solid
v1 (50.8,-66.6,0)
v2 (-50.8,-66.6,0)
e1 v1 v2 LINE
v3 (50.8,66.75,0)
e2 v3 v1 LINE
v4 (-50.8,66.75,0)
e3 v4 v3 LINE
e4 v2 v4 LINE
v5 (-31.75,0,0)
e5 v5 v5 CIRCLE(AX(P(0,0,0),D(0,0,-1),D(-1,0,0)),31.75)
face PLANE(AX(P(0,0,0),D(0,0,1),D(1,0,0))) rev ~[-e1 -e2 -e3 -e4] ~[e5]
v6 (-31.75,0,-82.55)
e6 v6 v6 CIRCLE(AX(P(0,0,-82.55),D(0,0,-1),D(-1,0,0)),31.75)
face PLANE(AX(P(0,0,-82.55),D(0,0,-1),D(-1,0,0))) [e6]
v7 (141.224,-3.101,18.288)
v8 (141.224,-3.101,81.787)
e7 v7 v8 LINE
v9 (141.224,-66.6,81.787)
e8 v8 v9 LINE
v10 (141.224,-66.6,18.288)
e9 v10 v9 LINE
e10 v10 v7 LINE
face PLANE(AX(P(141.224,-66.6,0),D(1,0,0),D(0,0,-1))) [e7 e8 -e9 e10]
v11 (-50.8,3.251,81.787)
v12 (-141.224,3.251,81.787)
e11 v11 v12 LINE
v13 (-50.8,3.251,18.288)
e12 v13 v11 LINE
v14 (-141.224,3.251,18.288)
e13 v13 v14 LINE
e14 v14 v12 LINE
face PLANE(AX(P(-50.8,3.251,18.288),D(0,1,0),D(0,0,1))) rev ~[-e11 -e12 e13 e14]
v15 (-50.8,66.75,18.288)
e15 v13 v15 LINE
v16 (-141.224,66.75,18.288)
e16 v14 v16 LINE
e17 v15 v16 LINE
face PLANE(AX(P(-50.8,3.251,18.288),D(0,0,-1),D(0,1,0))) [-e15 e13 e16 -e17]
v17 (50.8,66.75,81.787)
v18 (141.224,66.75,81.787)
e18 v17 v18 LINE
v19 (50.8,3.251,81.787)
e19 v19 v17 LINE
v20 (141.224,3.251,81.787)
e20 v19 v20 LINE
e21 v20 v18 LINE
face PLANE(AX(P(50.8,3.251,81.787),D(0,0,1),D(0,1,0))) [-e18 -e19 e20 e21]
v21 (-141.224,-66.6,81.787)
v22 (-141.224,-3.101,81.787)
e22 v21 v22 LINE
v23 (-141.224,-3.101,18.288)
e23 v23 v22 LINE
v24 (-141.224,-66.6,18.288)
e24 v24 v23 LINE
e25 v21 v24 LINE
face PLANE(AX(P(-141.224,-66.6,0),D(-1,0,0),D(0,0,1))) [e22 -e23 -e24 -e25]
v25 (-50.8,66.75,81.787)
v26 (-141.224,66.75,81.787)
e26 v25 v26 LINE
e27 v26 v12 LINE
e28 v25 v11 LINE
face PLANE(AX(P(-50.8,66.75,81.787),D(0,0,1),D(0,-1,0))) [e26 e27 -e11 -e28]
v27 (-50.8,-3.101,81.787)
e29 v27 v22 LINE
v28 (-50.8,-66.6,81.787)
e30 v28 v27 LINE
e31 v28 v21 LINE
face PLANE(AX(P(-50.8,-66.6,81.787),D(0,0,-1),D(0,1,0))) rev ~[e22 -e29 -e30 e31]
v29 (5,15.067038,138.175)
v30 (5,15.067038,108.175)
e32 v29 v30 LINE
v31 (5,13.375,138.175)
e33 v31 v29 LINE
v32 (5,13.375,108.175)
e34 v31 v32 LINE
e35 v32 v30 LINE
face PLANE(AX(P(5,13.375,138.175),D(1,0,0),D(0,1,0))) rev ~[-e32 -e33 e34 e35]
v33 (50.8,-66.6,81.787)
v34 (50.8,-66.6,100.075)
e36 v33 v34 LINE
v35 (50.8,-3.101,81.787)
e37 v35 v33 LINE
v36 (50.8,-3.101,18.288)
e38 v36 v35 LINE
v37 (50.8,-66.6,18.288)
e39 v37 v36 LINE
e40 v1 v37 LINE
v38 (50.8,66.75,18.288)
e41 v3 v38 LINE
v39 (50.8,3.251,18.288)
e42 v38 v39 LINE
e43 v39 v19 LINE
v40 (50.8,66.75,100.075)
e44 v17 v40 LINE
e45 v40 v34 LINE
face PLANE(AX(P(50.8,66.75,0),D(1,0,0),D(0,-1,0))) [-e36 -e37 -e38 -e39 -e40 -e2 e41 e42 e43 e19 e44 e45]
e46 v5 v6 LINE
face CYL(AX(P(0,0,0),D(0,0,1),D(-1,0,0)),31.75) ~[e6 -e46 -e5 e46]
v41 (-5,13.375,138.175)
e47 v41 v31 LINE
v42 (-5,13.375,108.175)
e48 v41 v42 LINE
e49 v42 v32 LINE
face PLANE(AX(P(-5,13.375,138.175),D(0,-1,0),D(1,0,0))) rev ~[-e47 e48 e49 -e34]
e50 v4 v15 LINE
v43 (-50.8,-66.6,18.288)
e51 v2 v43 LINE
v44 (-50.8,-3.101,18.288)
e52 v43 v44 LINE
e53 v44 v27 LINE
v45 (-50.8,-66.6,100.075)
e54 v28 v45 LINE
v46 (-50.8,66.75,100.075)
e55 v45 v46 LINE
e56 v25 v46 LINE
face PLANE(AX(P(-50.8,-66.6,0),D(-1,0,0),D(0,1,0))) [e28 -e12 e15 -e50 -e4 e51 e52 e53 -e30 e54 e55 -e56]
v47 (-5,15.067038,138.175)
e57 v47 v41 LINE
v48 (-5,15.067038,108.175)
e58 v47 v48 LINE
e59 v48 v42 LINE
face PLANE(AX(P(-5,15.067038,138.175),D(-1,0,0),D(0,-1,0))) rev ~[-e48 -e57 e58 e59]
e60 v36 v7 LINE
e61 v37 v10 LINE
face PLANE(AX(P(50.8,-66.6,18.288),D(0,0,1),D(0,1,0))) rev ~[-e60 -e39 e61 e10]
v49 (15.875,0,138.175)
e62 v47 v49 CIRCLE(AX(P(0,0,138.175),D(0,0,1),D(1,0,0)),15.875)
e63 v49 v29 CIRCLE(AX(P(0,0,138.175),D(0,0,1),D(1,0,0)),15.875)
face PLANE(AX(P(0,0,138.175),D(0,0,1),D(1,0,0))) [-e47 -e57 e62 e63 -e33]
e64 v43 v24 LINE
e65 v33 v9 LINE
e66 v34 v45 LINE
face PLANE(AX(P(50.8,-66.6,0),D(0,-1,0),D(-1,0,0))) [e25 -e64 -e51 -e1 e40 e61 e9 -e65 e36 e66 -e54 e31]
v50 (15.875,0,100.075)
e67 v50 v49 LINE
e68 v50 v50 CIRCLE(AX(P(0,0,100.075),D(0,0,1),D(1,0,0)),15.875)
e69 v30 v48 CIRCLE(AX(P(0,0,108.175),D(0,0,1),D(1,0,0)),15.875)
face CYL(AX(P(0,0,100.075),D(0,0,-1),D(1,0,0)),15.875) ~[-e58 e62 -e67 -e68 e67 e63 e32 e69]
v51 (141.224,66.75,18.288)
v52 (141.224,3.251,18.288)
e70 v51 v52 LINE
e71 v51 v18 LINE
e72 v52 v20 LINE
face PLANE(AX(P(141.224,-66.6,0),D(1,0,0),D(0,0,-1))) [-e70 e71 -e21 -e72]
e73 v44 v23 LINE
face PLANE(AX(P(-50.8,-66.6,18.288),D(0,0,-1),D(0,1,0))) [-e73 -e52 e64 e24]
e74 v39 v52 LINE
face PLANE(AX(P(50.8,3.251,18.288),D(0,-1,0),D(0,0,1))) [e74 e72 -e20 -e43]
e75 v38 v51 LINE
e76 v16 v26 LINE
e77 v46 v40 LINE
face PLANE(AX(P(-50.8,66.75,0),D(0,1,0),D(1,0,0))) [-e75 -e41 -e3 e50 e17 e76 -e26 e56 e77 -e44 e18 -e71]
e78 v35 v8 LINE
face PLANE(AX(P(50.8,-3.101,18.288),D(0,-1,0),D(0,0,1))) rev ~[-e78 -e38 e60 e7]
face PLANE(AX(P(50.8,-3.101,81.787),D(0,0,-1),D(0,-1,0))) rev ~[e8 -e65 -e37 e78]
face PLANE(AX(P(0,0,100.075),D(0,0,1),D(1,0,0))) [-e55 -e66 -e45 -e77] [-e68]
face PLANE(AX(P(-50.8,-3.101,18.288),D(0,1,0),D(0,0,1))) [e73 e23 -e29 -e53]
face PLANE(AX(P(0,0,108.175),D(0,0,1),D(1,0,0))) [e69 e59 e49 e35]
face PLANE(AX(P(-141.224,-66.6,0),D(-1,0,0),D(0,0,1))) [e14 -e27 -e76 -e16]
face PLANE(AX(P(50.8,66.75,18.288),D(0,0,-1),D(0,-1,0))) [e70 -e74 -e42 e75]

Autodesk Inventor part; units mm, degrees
ref_plane "YZ Plane" through (0, 0, 0) normal (1, 0, 0) x (0, 1, 0)
ref_plane "XZ Plane" through (0, 0, 0) normal (0, 1, 0) x (-1, 0, 0)
ref_plane "XY Plane" through (0, 0, 0) normal (0, 0, 1) x (1, 0, 0)
sketch "Sketch1" plane through (0, 0, 0) normal (0, 0, 1) x (1, 0, 0)
  line L0 (-50.8, 66.75) -> (50.8, 66.75)
  line L1 (50.8, 66.75) -> (50.8, -66.6)
  line L2 (50.8, -66.6) -> (-50.8, -66.6)
  line L3 (-50.8, -66.6) -> (-50.8, 66.75)
  point P0 (0, 0)
  dimension "d1" = 101.6
  dimension "d2" = 133.35
  dimension "d3" = 66.75
  dimension "d4" = 50.8
extrude "Extrusion1" add sketch "Sketch1" along normal blind 100.075
sketch "Sketch2" plane through (0, 0, 100.075) normal (0, 0, 1) x (1, 0, 0)
  circle A0 centre (0, 0) radius 15.875
  dimension "d7" = 31.75
extrude "Extrusion2" add sketch "Sketch2" along normal blind 38.1
sketch "Sketch3" plane through (0, 0, 0) normal (0, 0, -1) x (-1, 0, 0)
  circle A0 centre (0, 0) radius 31.75
  dimension "d10" = 63.5
extrude "Extrusion3" add sketch "Sketch3" along normal blind 82.55
sketch "Sketch4" plane through (50.8, -66.6, 0) normal (1, 0, 0) x (0, 0, -1)
  line L0 (0, 133.35) -> (-100.075, 133.35) projected
  line L1 (-81.787, 133.35) -> (-18.288, 133.35)
  line L2 (-18.288, 133.35) -> (-18.288, 69.851)
  line L3 (-18.288, 69.851) -> (-81.787, 69.851)
  line L4 (-81.787, 69.851) -> (-81.787, 133.35)
  line L5 (0, 133.35) -> (0, 0) projected
  line L6 (-100.075, 0) -> (-100.075, 133.35) projected
  line L7 (0, 0) -> (-100.075, 0) projected
  line L8 (-81.787, 0) -> (-18.288, 0)
  line L9 (-18.288, 0) -> (-18.288, 63.499)
  line L10 (-18.288, 63.499) -> (-81.787, 63.499)
  line L11 (-81.787, 63.499) -> (-81.787, 0)
  point P0 (0, 66.6)
  dimension "d13" = 18.288
  dimension "d14" = 18.288
  dimension "d15" = 63.499
  dimension "d16" = 63.499
  dimension "d17" = 63.499
extrude "Extrusion4" add sketch "Sketch4" along normal blind 90.424 contours L2 L3 L4 L0 | L7 L11 L10 L9
sketch "Sketch5" plane through (-50.8, -66.6, 0) normal (-1, 0, 0) x (0, 0, 1)
  line L0 (18.288, 69.851) -> (18.288, 133.35) projected
  line L1 (18.288, 69.851) -> (81.787, 69.851) projected
  line L2 (18.288, 133.35) -> (81.787, 133.35)
  line L3 (81.787, 133.35) -> (81.787, 69.851)
  line L4 (81.787, 69.851) -> (18.288, 69.851)
  line L5 (18.288, 69.851) -> (18.288, 133.35)
  line L6 (18.288, 0) -> (18.288, 63.499) projected
  line L7 (81.787, 0) -> (81.787, 63.499) projected
  line L8 (18.288, 63.499) -> (81.787, 63.499)
  line L9 (81.787, 63.499) -> (81.787, 0)
  line L10 (81.787, 0) -> (18.288, 0)
  line L11 (18.288, 0) -> (18.288, 63.499)
  point P0 (0, 66.6)
extrude "Extrusion5" add sketch "Sketch5" along normal blind 90.424
sketch "Sketch7" plane through (0, 0, 138.175) normal (0, 0, 1) x (1, 0, 0)
  line L0 (-5, 13.375) -> (5, 13.375)
  line L1 (5, 13.375) -> (5, 18.375)
  line L2 (5, 18.375) -> (-5, 18.375)
  line L3 (-5, 18.375) -> (-5, 13.375)
  circle A0 centre (0, 0) radius 15.875 projected
  line L4 (-5, 13.375) -> (5, 18.375) construction
  line L5 (5, 13.375) -> (-5, 18.375) construction
  point P0 (0, 15.875)
  point P1 (5, 15.067)
  point P2 (-5, 15.067)
  dimension "d22" = 10
  dimension "d23" = 5
extrude "Extrusion6" cut sketch "Sketch7" against normal blind 30 contours L3 A0 L1 L0 picked at (-0.5641, 14.1782)
equation "\"d16\" = d15"
equation "\"d17\" = d15"
properties part number "Semi Rotary Hydraulic Motor"
